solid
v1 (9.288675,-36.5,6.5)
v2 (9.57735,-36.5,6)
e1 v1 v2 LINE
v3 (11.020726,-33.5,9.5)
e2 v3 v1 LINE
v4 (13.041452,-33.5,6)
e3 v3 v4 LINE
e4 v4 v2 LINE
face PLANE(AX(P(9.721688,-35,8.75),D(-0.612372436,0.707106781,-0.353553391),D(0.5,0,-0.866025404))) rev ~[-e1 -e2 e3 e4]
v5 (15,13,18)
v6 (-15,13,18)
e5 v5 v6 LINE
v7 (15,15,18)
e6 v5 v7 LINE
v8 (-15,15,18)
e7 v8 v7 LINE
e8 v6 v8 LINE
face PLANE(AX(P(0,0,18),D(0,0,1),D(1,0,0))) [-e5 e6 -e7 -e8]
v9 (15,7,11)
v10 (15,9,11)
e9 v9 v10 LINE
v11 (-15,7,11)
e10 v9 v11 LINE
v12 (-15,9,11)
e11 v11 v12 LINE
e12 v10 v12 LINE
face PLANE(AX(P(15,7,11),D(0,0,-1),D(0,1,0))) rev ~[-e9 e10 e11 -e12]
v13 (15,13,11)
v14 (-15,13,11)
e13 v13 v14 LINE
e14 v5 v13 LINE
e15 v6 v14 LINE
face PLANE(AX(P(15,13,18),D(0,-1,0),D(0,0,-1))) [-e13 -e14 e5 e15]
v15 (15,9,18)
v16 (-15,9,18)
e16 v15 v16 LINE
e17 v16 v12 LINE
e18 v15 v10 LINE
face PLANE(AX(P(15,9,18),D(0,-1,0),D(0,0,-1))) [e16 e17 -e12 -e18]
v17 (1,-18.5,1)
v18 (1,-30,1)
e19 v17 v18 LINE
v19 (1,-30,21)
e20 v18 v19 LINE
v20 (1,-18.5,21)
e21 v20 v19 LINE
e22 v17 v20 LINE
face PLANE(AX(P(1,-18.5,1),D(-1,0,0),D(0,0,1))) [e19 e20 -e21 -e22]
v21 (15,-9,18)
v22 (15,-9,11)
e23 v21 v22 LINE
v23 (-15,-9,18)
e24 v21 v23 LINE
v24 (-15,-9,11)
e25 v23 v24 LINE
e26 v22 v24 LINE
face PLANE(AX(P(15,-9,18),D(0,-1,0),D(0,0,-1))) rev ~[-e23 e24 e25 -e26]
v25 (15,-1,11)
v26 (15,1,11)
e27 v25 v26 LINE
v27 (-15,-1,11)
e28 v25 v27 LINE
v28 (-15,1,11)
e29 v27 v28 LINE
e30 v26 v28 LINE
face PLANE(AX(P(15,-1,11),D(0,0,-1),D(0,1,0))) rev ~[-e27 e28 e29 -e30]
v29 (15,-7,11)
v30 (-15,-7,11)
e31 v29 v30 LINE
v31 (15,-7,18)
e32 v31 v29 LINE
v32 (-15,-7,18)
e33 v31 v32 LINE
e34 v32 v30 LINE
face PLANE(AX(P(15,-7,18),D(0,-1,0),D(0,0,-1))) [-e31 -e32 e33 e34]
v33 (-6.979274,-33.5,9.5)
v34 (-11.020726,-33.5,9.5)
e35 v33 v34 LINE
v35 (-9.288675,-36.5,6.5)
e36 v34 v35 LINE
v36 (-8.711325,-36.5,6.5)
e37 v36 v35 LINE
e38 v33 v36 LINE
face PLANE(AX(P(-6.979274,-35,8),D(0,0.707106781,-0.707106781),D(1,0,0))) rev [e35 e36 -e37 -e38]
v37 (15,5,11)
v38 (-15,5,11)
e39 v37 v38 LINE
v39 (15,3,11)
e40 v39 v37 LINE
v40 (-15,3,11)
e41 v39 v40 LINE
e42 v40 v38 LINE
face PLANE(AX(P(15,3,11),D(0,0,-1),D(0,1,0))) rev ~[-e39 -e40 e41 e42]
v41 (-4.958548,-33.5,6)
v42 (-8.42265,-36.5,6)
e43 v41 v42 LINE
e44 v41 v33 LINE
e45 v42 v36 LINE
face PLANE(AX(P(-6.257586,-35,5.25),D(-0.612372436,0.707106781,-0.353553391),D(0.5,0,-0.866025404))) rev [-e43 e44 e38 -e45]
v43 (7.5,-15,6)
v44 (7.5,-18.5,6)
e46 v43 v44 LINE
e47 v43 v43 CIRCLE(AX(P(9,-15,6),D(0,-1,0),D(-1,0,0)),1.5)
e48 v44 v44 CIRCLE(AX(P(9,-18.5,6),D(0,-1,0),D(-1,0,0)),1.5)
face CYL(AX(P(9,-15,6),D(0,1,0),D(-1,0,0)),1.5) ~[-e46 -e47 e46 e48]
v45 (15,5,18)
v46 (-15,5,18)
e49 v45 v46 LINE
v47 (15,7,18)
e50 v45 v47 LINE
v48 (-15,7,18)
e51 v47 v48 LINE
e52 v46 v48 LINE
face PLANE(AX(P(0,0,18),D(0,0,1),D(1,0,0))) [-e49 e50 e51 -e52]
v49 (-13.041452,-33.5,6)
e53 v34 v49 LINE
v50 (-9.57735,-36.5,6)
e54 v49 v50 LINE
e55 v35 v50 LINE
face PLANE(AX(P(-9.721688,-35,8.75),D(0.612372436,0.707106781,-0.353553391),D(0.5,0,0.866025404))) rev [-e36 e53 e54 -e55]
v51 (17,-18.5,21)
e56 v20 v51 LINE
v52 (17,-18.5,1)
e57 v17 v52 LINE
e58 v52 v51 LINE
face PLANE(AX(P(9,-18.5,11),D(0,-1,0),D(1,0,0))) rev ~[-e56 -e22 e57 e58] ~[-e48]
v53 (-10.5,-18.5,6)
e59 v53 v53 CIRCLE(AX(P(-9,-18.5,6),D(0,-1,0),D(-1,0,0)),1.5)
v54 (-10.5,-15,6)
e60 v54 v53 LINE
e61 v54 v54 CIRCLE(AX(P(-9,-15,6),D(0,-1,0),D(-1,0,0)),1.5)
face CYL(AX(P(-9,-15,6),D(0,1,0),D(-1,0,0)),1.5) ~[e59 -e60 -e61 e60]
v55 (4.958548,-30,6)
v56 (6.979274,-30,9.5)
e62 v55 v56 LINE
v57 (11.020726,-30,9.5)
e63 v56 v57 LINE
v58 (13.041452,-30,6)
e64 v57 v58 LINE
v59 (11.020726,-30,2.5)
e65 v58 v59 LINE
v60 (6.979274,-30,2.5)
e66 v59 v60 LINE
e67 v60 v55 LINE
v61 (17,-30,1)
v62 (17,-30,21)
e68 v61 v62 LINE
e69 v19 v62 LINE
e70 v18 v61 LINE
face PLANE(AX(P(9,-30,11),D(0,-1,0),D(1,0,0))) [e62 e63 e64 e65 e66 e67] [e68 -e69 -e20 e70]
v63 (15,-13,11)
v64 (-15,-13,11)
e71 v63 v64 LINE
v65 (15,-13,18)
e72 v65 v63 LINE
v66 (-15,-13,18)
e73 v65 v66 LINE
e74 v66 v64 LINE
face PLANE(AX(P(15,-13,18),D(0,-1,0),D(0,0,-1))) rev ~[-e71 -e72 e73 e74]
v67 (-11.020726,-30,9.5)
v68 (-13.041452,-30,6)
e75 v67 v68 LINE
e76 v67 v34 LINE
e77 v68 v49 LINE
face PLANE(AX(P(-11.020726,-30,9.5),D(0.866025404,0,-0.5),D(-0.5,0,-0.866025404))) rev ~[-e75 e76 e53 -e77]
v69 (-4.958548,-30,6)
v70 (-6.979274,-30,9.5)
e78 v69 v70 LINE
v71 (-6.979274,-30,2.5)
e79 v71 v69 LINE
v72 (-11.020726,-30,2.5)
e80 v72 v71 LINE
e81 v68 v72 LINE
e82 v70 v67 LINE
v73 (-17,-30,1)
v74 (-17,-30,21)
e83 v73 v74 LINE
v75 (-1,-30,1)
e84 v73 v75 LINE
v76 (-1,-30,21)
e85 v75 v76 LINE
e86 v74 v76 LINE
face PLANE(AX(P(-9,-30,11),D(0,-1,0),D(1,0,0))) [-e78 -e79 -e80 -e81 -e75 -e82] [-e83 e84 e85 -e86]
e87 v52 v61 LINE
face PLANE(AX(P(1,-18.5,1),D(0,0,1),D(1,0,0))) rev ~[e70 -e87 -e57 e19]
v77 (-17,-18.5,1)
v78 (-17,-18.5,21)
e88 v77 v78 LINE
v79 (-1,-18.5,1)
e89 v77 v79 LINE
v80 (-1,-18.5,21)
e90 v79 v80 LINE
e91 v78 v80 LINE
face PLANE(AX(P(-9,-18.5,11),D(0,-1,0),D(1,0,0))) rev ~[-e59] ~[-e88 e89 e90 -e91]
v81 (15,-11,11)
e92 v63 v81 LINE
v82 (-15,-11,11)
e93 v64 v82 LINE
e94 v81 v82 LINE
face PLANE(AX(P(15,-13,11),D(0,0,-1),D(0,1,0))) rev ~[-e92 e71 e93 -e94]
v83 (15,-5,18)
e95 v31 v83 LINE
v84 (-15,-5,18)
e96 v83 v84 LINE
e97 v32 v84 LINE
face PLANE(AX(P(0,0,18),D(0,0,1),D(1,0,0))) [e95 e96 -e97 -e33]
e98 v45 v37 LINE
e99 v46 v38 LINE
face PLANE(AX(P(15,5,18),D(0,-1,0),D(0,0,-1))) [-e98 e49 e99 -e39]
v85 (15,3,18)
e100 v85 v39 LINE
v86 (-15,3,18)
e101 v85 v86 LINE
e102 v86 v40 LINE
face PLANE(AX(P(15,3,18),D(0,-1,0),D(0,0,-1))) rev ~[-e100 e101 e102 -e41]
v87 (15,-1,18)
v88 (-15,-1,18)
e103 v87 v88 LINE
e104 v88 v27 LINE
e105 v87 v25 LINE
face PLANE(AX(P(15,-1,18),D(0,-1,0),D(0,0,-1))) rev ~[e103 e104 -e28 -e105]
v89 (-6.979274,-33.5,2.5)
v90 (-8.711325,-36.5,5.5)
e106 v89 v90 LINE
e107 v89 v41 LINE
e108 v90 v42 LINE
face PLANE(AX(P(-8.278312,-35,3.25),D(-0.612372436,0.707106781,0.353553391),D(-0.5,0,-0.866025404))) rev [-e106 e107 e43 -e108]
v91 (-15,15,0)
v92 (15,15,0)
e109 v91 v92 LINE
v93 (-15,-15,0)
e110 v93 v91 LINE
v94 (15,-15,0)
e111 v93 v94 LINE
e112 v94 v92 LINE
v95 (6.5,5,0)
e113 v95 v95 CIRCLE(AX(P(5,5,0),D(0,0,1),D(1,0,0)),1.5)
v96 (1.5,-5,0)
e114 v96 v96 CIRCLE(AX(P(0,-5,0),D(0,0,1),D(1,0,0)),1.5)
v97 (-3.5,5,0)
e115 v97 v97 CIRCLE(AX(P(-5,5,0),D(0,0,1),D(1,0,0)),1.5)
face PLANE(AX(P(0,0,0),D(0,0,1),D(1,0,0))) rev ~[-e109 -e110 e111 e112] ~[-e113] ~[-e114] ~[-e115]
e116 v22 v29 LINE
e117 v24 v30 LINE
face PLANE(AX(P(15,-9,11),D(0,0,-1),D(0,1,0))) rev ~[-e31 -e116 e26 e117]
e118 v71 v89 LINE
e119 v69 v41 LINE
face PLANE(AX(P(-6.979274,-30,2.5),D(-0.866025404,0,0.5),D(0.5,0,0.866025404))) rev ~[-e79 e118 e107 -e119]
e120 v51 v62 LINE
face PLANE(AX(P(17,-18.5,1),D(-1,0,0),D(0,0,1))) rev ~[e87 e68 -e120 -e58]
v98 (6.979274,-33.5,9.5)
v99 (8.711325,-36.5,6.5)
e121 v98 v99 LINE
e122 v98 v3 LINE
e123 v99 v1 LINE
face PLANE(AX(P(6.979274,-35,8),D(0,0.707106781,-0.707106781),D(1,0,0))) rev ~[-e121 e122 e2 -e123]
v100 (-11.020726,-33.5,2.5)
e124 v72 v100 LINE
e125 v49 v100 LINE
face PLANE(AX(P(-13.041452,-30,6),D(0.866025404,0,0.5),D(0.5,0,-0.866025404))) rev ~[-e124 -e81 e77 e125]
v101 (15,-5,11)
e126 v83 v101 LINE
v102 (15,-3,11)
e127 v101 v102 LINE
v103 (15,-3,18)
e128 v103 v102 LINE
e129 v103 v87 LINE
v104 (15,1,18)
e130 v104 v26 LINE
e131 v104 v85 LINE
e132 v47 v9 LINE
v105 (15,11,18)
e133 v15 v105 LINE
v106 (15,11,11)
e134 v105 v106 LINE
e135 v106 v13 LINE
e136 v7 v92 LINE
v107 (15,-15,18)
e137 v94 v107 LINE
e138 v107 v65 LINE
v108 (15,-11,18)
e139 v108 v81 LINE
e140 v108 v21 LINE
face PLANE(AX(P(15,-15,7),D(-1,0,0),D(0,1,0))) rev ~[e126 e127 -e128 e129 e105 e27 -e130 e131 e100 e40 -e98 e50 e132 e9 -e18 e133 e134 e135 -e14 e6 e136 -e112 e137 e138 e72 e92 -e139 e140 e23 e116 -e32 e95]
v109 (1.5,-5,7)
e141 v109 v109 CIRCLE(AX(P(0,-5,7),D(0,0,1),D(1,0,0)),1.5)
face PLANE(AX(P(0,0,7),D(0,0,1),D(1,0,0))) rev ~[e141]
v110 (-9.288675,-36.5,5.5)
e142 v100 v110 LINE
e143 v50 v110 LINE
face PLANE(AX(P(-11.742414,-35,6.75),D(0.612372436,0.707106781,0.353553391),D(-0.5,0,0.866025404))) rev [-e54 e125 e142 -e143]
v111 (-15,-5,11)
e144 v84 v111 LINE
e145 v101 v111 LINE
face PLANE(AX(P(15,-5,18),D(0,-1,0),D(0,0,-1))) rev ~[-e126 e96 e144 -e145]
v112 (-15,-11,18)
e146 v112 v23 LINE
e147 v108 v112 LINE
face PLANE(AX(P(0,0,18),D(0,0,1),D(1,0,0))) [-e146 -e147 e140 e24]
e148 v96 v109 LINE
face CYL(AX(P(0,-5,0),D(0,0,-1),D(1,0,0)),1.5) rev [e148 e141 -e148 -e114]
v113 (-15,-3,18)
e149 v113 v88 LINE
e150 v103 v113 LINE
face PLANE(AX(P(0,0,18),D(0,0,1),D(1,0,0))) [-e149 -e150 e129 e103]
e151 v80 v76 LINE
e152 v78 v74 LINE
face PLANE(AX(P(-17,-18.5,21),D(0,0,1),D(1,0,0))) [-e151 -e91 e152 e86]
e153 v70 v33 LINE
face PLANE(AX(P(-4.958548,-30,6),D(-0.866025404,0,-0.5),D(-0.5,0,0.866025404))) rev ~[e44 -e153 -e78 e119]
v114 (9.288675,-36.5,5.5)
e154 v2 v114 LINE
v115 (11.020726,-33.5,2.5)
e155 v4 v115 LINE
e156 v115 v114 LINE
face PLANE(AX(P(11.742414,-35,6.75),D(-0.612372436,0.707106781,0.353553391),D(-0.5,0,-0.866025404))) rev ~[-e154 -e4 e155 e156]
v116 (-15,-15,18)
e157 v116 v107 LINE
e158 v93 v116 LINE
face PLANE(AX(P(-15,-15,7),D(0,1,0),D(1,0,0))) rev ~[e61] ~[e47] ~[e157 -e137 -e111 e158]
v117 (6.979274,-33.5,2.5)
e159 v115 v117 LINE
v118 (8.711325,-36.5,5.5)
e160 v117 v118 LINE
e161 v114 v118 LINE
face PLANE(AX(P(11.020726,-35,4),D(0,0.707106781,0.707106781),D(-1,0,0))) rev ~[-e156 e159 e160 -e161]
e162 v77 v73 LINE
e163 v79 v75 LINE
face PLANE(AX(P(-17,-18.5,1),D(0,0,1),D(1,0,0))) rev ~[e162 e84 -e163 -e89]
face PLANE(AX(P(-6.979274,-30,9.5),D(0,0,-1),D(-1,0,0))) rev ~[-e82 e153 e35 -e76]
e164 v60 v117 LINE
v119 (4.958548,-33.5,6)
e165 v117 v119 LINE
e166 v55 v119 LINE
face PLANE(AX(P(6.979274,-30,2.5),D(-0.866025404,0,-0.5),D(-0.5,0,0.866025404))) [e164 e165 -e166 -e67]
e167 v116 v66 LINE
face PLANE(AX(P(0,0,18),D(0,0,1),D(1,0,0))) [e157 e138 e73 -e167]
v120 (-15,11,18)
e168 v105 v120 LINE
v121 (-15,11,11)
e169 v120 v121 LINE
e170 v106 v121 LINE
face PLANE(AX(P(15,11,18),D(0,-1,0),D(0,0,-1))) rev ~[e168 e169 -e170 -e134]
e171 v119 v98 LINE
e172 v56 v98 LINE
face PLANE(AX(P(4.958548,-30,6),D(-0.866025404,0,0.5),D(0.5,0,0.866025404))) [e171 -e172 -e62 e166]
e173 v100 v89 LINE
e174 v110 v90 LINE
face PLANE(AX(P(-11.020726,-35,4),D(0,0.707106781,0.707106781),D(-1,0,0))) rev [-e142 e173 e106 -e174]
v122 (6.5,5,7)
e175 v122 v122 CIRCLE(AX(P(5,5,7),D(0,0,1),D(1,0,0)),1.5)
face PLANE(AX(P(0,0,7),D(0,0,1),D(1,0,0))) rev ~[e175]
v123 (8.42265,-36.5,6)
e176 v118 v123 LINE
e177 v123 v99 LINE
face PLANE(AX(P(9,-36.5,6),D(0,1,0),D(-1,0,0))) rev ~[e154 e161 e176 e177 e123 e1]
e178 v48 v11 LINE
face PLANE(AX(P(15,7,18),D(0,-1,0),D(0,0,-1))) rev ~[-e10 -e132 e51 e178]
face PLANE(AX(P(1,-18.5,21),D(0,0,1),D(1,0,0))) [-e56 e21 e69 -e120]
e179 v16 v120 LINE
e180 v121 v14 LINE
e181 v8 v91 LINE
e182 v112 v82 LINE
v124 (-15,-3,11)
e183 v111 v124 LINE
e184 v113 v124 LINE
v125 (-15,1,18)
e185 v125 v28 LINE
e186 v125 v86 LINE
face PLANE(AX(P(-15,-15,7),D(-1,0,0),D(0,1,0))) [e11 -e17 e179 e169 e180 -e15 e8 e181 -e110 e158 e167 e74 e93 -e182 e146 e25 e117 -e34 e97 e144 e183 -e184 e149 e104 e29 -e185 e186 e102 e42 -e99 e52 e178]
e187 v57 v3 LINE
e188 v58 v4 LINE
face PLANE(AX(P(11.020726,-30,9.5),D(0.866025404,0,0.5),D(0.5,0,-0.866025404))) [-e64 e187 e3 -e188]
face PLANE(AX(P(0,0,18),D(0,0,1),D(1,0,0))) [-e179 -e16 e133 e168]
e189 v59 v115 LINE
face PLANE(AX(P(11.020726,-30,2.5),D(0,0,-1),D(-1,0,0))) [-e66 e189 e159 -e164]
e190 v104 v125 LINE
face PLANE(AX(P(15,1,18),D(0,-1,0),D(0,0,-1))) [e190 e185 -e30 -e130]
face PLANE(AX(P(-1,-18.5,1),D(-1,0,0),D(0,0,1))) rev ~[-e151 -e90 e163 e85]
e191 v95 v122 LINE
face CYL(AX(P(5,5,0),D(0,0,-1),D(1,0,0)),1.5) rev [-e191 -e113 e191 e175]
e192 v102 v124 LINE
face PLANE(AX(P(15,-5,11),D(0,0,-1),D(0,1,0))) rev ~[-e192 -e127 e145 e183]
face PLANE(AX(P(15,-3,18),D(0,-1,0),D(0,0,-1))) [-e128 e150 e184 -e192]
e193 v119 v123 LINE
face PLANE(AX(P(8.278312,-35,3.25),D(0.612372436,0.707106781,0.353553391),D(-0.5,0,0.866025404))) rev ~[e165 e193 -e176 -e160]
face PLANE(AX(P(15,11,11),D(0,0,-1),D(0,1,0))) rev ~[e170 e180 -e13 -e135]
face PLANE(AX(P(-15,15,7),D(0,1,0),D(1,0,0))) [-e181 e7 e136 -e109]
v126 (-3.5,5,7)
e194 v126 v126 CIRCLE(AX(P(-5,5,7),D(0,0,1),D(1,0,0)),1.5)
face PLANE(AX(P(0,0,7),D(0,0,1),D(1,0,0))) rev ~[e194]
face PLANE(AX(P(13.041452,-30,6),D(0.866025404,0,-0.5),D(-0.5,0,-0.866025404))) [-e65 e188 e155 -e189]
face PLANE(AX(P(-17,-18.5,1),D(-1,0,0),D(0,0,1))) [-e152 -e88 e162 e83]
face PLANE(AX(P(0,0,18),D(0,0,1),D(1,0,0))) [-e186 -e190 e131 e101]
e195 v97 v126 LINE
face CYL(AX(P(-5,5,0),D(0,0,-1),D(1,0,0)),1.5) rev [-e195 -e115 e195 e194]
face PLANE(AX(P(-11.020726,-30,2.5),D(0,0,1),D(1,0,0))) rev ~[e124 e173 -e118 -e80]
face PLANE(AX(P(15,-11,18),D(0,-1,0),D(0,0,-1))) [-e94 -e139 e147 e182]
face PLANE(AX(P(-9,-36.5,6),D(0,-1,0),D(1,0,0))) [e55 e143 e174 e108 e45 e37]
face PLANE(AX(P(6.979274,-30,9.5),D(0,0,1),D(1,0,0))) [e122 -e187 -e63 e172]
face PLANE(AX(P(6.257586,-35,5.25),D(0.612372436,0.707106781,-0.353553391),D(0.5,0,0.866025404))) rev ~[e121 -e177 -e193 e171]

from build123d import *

# Parameters (mm, degrees)
SKICA1_W                 = 30
SKICA1_H                 = 30
SKICA1_R                 = 1.5
P_IDAT_VYSUNUT_M1_DEPTH  = 7
SKICA2_W                 = 30
SKICA2_H                 = 30
P_IDAT_VYSUNUT_M2_DEPTH  = 11
SKICA3_W                 = 7
SKICA3_H                 = 2
ODEBRAT_VYSUNUT_M1_DEPTH = 30
SKICA4_R                 = 1.5
P_IDAT_VYSUNUT_M3_DEPTH  = 3.5
SKICA5_W                 = 16
SKICA5_H                 = 20
P_IDAT_VYSUNUT_M4_DEPTH  = 11.5
P_IDAT_VYSUNUT_M5_DEPTH  = 6.5
ZKOSEN_1_SIZE            = 3


with BuildPart() as part:
    # Skica1 → Přidat vysunutím1 (new body)
    with BuildSketch(Plane.XY):
        Rectangle(SKICA1_W, SKICA1_H)
        with Locations((5, 5)):
            Circle(SKICA1_R, mode=Mode.SUBTRACT)
        with Locations((-5, 5)):
            Circle(SKICA1_R, mode=Mode.SUBTRACT)
        with Locations((0, -5)):
            Circle(SKICA1_R, mode=Mode.SUBTRACT)
    extrude(amount=P_IDAT_VYSUNUT_M1_DEPTH)

    # Skica2 → Přidat vysunutím2 (add)
    with BuildSketch(Plane.XY.offset(7)):
        Rectangle(SKICA2_W, SKICA2_H)
    extrude(amount=P_IDAT_VYSUNUT_M2_DEPTH)

    # Skica3 → Odebrat vysunutím1 (cut)
    with BuildSketch(Plane(origin=(15, 0, 0), x_dir=(0, 0, -1), z_dir=(1, 0, 0))):
        with Locations((-14.5, 12)):
            Rectangle(SKICA3_W, SKICA3_H)
        with Locations((-14.5, 8)):
            Rectangle(SKICA3_W, SKICA3_H)
        with Locations((-14.5, 4)):
            Rectangle(SKICA3_W, SKICA3_H)
        with Locations((-14.5, 0)):
            Rectangle(SKICA3_W, SKICA3_H)
        with Locations((-14.5, -4)):
            Rectangle(SKICA3_W, SKICA3_H)
        with Locations((-14.5, -8)):
            Rectangle(SKICA3_W, SKICA3_H)
        with Locations((-14.5, -12)):
            Rectangle(SKICA3_W, SKICA3_H)
    extrude(amount=-ODEBRAT_VYSUNUT_M1_DEPTH, mode=Mode.SUBTRACT)

    # Skica4 → Přidat vysunutím3 (add)
    with BuildSketch(Plane.XZ.offset(15)):
        with Locations(Location((9, 6, 0), (0, 0, 180))):
            Circle(SKICA4_R)
        with Locations(Location((-9, 6, 0), (0, 0, 180))):
            Circle(SKICA4_R)
    extrude(amount=P_IDAT_VYSUNUT_M3_DEPTH)

    # Skica5 → Přidat vysunutím4 (add)
    with BuildSketch(Plane.XZ.offset(18.5)):
        with Locations((9, 11)):
            Rectangle(SKICA5_W, SKICA5_H)
        with Locations((-9, 11)):
            Rectangle(SKICA5_W, SKICA5_H)
    extrude(amount=P_IDAT_VYSUNUT_M4_DEPTH)

    # Skica6 → Přidat vysunutím5 (add)
    with BuildSketch(Plane.XZ.offset(30)):
        Polygon((-4.958548116, 6), (-6.979274058, 9.5), (-11.020725942, 9.5), (-13.041451884, 6), (-11.020725942, 2.5), (-6.979274058, 2.5), align=None)
        Polygon((6.979274058, 2.5), (4.958548116, 6), (6.979274058, 9.5), (11.020725942, 9.5), (13.041451884, 6), (11.020725942, 2.5), align=None)
    extrude(amount=P_IDAT_VYSUNUT_M5_DEPTH)

    # Zkosení1
    zkosen_1_edges = [part.edges().sort_by_distance(p)[0] for p in [
        (-5.968911087, -36.5, 4.25),
        (-5.968911087, -36.5, 7.75),
        (-9, -36.5, 9.5),
        (-12.031088913, -36.5, 7.75),
        (-12.031088913, -36.5, 4.25),
        (-9, -36.5, 2.5),
        (9, -36.5, 2.5),
        (12.031088913, -36.5, 4.25),
        (12.031088913, -36.5, 7.75),
        (9, -36.5, 9.5),
        (5.968911087, -36.5, 7.75),
        (5.968911087, -36.5, 4.25),
    ]]
    chamfer(zkosen_1_edges, length=ZKOSEN_1_SIZE)


solid = part.part
